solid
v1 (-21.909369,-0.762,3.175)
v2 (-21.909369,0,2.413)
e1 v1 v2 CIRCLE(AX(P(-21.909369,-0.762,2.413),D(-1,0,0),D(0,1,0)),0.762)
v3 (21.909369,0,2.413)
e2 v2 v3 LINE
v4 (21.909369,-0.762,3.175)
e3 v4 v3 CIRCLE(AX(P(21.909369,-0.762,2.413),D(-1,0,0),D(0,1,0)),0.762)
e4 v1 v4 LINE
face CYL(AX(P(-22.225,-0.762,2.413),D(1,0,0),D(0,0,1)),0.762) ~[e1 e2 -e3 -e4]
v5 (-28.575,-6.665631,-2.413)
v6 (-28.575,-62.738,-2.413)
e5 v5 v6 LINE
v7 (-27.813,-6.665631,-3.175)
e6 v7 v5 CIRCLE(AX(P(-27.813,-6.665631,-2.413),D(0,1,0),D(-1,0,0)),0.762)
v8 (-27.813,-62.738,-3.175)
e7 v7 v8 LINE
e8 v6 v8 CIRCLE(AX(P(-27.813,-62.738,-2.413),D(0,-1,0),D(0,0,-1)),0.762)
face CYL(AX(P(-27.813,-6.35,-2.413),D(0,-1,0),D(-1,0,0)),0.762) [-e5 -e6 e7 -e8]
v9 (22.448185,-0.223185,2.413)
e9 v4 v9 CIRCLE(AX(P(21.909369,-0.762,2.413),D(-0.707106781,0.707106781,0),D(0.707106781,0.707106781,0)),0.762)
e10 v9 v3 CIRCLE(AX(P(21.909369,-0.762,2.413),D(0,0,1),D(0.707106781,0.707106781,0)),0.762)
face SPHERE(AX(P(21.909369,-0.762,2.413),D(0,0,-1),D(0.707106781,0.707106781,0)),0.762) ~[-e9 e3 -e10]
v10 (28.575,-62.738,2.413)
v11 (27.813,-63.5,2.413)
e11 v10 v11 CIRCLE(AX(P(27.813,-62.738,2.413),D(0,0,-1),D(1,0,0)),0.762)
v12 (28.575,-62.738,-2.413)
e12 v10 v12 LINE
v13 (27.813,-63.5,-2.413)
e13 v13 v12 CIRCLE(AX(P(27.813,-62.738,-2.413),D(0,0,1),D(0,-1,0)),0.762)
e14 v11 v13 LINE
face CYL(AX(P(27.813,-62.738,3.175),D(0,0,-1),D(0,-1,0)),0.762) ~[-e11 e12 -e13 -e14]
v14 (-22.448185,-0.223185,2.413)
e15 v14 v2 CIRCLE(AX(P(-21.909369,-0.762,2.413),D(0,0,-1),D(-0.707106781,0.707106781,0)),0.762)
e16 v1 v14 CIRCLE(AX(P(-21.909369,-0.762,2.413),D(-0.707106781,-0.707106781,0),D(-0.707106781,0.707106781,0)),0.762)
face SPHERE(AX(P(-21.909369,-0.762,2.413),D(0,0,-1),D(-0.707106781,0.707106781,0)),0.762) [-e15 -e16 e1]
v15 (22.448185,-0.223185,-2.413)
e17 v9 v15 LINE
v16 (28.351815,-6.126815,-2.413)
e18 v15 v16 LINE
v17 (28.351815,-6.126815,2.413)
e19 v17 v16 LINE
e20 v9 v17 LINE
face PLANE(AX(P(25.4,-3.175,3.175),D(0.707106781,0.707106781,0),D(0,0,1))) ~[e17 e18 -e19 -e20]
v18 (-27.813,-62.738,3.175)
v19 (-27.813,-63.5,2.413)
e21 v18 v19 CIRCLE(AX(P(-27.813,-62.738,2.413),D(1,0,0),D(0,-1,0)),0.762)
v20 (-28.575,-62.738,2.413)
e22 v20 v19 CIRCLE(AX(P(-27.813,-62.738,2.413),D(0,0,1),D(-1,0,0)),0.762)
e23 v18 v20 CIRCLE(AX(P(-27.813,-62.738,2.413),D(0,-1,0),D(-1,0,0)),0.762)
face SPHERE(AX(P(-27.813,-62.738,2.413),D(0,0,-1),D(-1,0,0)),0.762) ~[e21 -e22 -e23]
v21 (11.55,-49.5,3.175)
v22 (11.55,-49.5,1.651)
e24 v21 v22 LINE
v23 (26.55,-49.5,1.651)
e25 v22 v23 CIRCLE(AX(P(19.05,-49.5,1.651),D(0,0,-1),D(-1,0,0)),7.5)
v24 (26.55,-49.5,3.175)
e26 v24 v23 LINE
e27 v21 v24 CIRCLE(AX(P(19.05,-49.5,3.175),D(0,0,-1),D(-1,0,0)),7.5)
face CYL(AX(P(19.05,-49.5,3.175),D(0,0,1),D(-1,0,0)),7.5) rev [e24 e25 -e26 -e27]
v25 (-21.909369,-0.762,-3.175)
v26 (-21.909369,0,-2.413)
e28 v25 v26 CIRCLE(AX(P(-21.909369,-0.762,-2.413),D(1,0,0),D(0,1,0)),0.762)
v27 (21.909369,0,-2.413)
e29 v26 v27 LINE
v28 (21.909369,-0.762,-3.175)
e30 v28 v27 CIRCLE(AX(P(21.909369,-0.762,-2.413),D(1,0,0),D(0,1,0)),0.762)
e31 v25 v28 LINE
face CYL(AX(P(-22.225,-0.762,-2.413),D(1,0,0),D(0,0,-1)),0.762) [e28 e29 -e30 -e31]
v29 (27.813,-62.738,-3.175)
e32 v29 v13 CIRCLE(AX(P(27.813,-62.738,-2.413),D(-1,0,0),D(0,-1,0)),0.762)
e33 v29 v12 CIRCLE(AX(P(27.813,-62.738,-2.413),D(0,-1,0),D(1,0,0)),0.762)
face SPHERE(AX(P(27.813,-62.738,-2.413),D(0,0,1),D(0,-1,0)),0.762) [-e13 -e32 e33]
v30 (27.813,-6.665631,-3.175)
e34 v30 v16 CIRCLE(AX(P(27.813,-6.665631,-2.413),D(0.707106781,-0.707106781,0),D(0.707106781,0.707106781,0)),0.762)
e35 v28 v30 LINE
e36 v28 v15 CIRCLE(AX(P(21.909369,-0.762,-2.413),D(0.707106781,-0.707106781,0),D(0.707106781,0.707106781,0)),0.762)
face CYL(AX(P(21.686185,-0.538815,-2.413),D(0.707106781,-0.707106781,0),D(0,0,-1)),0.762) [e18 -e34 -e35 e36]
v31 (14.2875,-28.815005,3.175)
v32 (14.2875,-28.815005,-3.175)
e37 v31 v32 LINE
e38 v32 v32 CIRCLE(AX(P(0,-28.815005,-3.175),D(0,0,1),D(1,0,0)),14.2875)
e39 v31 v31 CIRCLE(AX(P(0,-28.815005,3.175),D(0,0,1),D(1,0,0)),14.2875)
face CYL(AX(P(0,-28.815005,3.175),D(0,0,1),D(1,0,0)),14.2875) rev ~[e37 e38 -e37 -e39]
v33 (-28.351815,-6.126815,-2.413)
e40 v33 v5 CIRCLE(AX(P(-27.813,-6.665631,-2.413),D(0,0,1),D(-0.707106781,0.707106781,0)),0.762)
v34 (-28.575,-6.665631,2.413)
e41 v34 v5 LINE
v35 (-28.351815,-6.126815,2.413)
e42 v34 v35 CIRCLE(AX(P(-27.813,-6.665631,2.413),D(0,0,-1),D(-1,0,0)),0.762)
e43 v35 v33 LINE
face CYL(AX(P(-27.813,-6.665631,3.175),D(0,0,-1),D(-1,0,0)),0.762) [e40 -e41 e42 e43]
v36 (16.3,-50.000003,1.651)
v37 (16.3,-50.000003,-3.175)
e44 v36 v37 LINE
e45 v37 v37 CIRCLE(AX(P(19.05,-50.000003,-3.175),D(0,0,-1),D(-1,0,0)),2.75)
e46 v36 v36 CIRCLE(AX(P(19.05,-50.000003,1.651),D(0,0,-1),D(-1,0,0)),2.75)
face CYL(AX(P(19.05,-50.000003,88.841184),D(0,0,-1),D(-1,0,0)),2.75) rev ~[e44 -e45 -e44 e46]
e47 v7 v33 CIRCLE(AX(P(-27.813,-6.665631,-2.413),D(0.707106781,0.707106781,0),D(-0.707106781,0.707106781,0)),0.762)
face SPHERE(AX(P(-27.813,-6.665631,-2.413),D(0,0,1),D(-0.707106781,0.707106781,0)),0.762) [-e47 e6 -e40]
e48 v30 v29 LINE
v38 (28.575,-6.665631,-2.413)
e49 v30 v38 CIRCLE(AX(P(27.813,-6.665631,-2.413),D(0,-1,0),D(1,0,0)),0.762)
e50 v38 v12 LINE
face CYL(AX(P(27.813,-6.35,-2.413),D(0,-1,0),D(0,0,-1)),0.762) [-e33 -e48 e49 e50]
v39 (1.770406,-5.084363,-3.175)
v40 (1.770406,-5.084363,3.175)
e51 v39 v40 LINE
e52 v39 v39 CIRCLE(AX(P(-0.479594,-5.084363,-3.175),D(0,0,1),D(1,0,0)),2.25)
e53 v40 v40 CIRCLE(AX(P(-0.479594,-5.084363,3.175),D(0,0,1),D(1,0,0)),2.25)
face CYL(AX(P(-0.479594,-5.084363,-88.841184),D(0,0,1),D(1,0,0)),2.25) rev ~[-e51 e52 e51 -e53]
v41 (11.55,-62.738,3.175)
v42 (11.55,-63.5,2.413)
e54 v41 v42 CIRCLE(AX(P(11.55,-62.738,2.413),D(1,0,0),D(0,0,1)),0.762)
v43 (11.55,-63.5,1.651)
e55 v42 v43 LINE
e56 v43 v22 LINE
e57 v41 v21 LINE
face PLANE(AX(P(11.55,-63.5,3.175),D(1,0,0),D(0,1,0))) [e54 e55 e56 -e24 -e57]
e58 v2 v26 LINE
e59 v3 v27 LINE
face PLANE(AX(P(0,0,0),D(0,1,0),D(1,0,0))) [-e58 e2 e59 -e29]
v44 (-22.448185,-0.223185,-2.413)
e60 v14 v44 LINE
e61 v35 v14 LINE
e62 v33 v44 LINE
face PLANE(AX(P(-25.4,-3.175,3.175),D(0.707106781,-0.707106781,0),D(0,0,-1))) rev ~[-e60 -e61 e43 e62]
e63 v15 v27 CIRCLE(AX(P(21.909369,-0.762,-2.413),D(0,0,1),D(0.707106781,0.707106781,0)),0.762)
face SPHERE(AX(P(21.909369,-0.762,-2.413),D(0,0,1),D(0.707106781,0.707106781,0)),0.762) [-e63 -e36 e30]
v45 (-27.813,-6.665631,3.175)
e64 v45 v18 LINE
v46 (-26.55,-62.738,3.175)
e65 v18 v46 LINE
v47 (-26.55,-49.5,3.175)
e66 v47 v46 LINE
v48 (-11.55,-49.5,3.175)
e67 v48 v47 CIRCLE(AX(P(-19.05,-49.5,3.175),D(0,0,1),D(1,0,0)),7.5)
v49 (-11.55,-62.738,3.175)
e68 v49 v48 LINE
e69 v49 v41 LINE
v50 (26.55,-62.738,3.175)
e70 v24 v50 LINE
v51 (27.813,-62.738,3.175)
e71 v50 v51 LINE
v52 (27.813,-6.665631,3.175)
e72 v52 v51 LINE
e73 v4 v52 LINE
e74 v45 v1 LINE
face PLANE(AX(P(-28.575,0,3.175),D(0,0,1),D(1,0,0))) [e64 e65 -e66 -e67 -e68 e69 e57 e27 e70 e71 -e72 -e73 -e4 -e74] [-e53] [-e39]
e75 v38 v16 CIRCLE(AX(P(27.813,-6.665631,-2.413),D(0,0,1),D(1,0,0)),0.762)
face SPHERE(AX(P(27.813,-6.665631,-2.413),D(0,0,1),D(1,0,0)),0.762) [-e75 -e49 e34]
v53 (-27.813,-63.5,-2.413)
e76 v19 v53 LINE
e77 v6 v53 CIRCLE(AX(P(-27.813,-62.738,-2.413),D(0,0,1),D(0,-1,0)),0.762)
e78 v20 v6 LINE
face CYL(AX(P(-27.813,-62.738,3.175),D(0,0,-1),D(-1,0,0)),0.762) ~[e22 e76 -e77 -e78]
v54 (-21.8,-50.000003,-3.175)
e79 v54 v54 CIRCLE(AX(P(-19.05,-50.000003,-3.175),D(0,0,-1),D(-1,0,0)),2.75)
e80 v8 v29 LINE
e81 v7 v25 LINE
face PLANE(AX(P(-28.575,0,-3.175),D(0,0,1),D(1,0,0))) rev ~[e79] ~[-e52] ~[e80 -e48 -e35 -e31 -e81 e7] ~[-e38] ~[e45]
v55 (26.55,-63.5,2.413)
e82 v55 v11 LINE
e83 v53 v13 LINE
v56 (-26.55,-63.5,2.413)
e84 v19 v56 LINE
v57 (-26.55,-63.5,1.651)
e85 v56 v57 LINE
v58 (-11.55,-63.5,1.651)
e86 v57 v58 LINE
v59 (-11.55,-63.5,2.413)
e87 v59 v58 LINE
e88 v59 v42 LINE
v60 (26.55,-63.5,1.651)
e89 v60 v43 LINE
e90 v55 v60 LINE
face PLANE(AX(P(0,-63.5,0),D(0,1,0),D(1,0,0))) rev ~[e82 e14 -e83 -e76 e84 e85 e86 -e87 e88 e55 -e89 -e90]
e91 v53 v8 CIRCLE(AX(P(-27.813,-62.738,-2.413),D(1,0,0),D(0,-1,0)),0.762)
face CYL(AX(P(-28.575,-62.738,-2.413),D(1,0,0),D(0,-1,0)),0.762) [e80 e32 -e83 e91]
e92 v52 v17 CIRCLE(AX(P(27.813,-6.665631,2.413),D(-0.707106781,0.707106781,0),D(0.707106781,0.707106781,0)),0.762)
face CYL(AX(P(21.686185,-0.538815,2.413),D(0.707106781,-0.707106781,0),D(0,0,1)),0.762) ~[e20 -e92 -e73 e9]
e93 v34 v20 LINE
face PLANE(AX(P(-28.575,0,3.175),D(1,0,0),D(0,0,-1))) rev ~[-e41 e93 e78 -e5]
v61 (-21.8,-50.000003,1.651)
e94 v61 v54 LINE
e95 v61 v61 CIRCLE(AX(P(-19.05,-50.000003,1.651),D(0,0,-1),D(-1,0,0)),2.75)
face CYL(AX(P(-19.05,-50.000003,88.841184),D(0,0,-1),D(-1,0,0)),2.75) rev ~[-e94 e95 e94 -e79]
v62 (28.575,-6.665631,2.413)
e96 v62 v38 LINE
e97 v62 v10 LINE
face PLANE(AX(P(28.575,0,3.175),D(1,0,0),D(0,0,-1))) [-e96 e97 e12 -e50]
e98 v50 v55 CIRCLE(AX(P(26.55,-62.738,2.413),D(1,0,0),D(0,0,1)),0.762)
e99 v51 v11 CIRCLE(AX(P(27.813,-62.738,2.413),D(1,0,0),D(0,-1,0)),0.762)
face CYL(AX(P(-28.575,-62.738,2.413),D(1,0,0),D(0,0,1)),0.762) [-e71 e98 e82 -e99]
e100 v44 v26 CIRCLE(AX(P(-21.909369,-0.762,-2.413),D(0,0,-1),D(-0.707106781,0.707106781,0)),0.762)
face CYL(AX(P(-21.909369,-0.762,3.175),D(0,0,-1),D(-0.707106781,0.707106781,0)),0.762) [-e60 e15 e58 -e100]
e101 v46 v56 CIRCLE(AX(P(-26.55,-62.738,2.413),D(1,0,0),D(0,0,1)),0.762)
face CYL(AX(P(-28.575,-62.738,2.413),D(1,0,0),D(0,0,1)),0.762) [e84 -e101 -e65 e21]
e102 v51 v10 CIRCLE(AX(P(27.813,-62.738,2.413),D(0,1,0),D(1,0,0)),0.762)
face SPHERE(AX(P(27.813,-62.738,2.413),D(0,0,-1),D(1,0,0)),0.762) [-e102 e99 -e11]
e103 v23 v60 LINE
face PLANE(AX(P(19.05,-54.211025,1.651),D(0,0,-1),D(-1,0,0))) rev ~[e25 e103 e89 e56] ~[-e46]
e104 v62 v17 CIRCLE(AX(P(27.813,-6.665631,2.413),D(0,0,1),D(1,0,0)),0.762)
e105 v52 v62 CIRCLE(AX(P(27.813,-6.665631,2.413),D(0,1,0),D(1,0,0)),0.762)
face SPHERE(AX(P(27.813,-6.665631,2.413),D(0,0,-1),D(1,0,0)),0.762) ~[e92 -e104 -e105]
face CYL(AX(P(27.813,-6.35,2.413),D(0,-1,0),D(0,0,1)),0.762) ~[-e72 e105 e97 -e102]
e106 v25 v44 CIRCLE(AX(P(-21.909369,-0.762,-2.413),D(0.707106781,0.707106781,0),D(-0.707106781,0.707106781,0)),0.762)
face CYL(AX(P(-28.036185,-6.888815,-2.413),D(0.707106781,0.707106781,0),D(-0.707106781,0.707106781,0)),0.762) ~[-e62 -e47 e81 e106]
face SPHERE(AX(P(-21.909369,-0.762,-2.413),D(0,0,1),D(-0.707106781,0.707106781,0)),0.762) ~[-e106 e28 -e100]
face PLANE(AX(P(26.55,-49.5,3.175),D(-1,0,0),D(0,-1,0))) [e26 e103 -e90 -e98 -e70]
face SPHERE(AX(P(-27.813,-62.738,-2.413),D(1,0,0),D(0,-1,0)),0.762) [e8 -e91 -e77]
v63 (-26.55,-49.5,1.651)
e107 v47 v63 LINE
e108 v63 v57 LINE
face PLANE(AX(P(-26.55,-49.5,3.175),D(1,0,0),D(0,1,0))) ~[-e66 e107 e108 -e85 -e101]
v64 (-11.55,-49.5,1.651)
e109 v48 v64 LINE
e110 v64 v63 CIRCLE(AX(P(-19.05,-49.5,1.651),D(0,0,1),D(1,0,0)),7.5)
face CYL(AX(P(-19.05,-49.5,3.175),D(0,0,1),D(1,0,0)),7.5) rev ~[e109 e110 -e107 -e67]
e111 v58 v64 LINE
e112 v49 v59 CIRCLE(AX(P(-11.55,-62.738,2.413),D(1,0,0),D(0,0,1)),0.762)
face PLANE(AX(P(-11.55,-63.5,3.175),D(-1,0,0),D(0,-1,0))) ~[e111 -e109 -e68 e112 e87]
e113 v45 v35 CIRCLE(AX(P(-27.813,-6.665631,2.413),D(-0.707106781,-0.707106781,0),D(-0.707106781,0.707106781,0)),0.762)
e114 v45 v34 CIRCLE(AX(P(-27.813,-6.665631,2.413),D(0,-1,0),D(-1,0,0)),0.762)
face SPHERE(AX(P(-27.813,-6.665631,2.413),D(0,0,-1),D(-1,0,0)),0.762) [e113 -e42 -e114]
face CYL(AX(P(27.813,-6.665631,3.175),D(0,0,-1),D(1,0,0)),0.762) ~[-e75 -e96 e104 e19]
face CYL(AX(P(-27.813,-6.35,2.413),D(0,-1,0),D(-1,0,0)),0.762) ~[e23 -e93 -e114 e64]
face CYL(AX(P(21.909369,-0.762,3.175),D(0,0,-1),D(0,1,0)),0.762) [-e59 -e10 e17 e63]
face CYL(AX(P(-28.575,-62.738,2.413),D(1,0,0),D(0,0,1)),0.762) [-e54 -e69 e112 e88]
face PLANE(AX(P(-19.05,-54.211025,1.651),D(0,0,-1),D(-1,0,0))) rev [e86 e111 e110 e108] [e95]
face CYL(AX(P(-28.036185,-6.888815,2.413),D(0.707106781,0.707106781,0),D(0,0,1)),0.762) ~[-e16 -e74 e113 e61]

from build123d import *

# Parameters (mm, degrees)
SKETCH2_W            = 57.15
SKETCH2_H            = 6.35
BOSS_EXTRUDE1_DEPTH  = 63.5
SKETCH3_R            = 14.2875
CUT_EXTRUDE1_DEPTH   = 70.922121857
CHAMFER1_SIZE        = 6.35
M4_CLEARANCE_HOLE1_D = 4.5
M5_CLEARANCE_HOLE1_D = 5.5
FILLET1_R            = 0.762
CUT_EXTRUDE4_DEPTH   = 1.524


with BuildPart() as part:
    # Sketch2 → Boss-Extrude1 (new body)
    with BuildSketch(Plane(origin=(0, 0, 0), x_dir=(1, 0, 0), z_dir=(0, 1, 0))):
        Rectangle(SKETCH2_W, SKETCH2_H)
    extrude(amount=-BOSS_EXTRUDE1_DEPTH)

    # Sketch3 → Cut-Extrude1 (cut, through all)
    with BuildSketch(Plane.XY.offset(3.175)):
        with Locations((0, -28.8150046)):
            Circle(SKETCH3_R)
    extrude(amount=-CUT_EXTRUDE1_DEPTH, mode=Mode.SUBTRACT)

    # Chamfer1
    chamfer1_edges = [part.edges().sort_by_distance(p)[0] for p in [
        (28.575, 0, 0),
        (-28.575, 0, 0),
    ]]
    chamfer(chamfer1_edges, length=CHAMFER1_SIZE)

    # M4 Clearance Hole1 (through all)
    with Locations(Plane(origin=(0, 0, -3.175), x_dir=(-1, 0, 0), z_dir=(0, 0, -1))):
        with Locations((0.479594109, -5.08436305)):
            Hole(M4_CLEARANCE_HOLE1_D / 2)

    # M5 Clearance Hole1 (through all)
    with Locations(Plane.XY.offset(3.175)):
        with Locations((-19.05, -50.000003124), (19.05, -50.000003124)):
            Hole(M5_CLEARANCE_HOLE1_D / 2)

    # Fillet1
    fillet1_edges = [part.edges().sort_by_distance(p)[0] for p in [
        (28.575, -63.5, 0),
        (0, -63.5, -3.175),
        (0, 0, 3.175),
        (0, 0, -3.175),
        (22.225, 0, 0),
        (-22.225, 0, 0),
        (25.4, -3.175, 3.175),
        (-25.4, -3.175, 3.175),
        (-28.575, -6.35, 0),
        (25.4, -3.175, -3.175),
        (-25.4, -3.175, -3.175),
        (28.575, -6.35, 0),
        (-28.575, -63.5, 0),
        (-28.575, -34.925, -3.175),
        (28.575, -34.925, -3.175),
        (28.575, -34.925, 3.175),
        (-28.575, -34.925, 3.175),
        (0, -63.5, 3.175),
    ]]
    fillet(fillet1_edges, radius=FILLET1_R)

    # Sketch8 → Cut-Extrude4 (cut)
    with BuildSketch(Plane.XY.offset(3.175)):
        with BuildLine():
            Line((11.55, -63.5), (11.55, -49.5))
            ThreePointArc((11.55, -49.5), (19.05, -42), (26.55, -49.5))
            Line((26.55, -49.5), (26.55, -63.5))
            Line((26.55, -63.5), (11.55, -63.5))
        make_face()
    cut_extrude4 = extrude(amount=-CUT_EXTRUDE4_DEPTH, mode=Mode.SUBTRACT)

    # Mirror1: Cut-Extrude4 across plane
    add(cut_extrude4.mirror(Plane(origin=(0, 0, 0), x_dir=(0, 0, 1), z_dir=(1, 0, 0))), mode=Mode.SUBTRACT)


solid = part.part
